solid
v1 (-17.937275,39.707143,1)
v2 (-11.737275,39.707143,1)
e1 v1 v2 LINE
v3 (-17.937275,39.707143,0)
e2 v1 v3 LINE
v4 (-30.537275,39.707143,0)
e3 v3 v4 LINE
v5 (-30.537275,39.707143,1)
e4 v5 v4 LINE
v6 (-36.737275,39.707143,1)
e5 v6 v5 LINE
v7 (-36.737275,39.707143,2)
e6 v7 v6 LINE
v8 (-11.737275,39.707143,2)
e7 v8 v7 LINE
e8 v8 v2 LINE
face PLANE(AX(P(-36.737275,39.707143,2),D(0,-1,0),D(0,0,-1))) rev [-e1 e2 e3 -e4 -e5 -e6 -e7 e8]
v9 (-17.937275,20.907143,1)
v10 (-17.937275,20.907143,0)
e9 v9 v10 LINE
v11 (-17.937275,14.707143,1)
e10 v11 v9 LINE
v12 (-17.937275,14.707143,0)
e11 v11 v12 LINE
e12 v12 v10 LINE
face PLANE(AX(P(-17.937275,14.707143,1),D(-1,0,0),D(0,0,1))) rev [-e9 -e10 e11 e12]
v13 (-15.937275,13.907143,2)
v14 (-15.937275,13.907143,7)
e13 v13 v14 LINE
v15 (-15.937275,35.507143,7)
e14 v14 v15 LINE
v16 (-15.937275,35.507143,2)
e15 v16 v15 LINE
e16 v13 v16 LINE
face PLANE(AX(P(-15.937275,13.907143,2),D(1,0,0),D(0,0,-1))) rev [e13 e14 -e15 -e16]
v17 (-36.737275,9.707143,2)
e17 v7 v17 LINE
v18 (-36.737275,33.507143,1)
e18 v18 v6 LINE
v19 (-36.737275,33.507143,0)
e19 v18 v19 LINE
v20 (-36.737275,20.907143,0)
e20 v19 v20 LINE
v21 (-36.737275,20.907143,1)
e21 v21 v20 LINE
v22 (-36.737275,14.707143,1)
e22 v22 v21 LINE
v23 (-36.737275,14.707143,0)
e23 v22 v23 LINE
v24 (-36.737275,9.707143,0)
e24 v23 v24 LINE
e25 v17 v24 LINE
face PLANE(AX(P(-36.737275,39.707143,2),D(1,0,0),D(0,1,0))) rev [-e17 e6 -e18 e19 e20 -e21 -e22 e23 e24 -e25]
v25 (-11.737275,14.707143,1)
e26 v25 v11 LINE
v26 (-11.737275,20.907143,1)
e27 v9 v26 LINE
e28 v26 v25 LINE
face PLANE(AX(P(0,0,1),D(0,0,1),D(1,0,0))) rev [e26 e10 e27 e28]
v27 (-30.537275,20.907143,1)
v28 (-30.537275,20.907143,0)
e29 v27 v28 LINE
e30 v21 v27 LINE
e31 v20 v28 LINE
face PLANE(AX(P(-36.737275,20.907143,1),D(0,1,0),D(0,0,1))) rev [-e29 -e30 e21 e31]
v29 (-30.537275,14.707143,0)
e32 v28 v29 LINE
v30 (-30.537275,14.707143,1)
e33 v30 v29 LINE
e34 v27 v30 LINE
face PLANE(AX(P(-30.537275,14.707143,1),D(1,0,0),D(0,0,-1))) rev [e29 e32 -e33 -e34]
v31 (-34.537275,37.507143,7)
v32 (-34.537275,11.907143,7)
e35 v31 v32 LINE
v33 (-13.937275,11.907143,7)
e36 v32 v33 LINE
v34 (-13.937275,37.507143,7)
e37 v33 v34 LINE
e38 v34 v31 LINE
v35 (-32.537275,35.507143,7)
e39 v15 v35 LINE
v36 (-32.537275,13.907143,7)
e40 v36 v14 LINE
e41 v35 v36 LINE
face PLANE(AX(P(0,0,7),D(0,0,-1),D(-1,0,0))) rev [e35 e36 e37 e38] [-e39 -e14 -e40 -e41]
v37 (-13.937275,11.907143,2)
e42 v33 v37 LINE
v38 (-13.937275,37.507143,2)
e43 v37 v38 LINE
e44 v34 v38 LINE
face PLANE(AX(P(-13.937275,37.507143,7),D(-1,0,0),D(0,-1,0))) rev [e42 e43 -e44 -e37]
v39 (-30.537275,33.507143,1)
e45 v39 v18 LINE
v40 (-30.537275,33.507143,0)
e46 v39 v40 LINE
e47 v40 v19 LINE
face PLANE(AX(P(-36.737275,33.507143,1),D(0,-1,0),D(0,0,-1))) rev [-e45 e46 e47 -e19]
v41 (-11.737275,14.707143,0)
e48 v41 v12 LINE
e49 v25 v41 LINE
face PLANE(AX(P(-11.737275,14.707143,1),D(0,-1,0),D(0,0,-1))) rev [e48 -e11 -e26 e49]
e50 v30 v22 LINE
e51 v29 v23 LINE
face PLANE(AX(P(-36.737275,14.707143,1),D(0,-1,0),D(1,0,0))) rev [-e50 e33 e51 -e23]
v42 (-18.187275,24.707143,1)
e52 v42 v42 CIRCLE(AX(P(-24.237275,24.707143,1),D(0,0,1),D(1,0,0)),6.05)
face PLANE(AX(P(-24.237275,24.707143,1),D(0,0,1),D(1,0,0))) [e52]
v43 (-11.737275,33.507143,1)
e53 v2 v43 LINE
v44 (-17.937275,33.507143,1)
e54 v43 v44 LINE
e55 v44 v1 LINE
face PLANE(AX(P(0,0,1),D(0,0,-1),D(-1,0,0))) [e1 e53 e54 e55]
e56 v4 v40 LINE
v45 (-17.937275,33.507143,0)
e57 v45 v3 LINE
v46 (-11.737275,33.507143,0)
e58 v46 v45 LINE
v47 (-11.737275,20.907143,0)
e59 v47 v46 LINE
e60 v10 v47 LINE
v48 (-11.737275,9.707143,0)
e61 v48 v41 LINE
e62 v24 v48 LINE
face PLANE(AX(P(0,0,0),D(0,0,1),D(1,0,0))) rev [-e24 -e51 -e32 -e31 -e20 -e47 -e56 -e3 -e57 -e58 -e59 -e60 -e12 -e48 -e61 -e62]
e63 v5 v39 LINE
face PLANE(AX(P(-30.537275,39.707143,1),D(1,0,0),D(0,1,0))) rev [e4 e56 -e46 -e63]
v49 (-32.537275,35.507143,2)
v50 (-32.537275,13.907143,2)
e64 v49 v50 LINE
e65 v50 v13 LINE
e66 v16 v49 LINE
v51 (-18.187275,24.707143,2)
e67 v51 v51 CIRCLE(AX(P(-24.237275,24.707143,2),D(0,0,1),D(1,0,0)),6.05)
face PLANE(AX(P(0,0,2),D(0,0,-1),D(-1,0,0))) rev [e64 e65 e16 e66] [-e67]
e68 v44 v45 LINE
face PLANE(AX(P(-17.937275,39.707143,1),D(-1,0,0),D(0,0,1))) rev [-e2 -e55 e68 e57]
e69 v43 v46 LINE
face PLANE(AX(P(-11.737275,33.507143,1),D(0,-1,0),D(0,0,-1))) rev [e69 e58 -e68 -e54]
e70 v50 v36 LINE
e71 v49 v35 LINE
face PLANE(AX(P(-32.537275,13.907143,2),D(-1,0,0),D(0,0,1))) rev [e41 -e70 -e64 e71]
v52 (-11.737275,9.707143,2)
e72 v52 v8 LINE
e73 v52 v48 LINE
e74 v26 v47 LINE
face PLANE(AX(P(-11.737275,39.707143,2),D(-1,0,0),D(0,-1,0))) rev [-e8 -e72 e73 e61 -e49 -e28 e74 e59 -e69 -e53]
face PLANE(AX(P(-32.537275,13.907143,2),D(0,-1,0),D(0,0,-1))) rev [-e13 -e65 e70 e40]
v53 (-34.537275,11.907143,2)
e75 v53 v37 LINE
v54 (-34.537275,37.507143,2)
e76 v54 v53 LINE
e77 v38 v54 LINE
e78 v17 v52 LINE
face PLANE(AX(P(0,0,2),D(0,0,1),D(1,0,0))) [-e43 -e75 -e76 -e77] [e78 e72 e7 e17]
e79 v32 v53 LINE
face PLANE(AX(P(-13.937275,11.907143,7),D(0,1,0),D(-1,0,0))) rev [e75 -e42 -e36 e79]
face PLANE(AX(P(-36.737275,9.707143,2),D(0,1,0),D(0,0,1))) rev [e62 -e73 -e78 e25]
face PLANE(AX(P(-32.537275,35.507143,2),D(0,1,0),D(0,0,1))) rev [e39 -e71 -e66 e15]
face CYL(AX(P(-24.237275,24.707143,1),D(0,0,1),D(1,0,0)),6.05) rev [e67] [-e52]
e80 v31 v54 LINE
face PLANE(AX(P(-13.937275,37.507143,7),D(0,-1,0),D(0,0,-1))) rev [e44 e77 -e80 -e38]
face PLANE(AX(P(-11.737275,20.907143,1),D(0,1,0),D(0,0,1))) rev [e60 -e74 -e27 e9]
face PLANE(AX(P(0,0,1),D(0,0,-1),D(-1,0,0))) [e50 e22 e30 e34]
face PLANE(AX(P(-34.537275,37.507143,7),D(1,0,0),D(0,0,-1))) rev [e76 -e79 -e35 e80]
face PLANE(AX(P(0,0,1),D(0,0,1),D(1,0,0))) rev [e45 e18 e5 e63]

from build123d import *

# Parameters (mm, degrees)
SKETCH_1_W          = 25
SKETCH_1_H          = 30
EXTRUDE_1_DEPTH     = 2
SKETCH_2_W          = 20.6
SKETCH_2_H          = 25.6
EXTRUDE_2_DEPTH     = 5
SKETCH_3_W          = 16.6
SKETCH_3_H          = 21.6
CUT_EXTRUDE_1_DEPTH = 5
SKETCH_4_W          = 6.2
SKETCH_4_H          = 6.2
CUT_EXTRUDE_2_DEPTH = 1
SKETCH_5_R          = 6.05
CUT_EXTRUDE_3_DEPTH = 1


with BuildPart() as part:
    # ｽｹｯﾁ1 → ﾎﾞｽ - 押し出し1 (new body)
    with BuildSketch(Plane.XY):
        with Locations((-24.237274581, 24.707142857)):
            Rectangle(SKETCH_1_W, SKETCH_1_H)
    extrude(amount=EXTRUDE_1_DEPTH)

    # ｽｹｯﾁ2 → ﾎﾞｽ - 押し出し2 (add)
    with BuildSketch(Plane.XY.offset(2)):
        with Locations((-24.237274581, 24.707142857)):
            Rectangle(SKETCH_2_W, SKETCH_2_H)
    extrude(amount=EXTRUDE_2_DEPTH)

    # ｽｹｯﾁ3 → ｶｯﾄ - 押し出し1 (cut)
    with BuildSketch(Plane.XY.offset(7)):
        with Locations((-24.237274581, 24.707142857)):
            Rectangle(SKETCH_3_W, SKETCH_3_H)
    extrude(amount=-CUT_EXTRUDE_1_DEPTH, mode=Mode.SUBTRACT)

    # ｽｹｯﾁ4 → ｶｯﾄ - 押し出し2 (cut)
    with BuildSketch(Plane(origin=(0, 0, 0), x_dir=(-1, 0, 0), z_dir=(0, 0, -1))):
        with Locations((14.837274581, 36.607142857)):
            Rectangle(SKETCH_4_W, SKETCH_4_H)
        with Locations((33.637274581, 36.607142857)):
            Rectangle(SKETCH_4_W, SKETCH_4_H)
        with Locations((33.637274581, 17.807142857)):
            Rectangle(SKETCH_4_W, SKETCH_4_H)
        with Locations((14.837274581, 17.807142857)):
            Rectangle(SKETCH_4_W, SKETCH_4_H)
    extrude(amount=-CUT_EXTRUDE_2_DEPTH, mode=Mode.SUBTRACT)

    # ｽｹｯﾁ5 → ｶｯﾄ - 押し出し3 (cut)
    with BuildSketch(Plane.XY.offset(2)):
        with Locations((-24.237274581, 24.707142857)):
            Circle(SKETCH_5_R)
    extrude(amount=-CUT_EXTRUDE_3_DEPTH, mode=Mode.SUBTRACT)


solid = part.part
